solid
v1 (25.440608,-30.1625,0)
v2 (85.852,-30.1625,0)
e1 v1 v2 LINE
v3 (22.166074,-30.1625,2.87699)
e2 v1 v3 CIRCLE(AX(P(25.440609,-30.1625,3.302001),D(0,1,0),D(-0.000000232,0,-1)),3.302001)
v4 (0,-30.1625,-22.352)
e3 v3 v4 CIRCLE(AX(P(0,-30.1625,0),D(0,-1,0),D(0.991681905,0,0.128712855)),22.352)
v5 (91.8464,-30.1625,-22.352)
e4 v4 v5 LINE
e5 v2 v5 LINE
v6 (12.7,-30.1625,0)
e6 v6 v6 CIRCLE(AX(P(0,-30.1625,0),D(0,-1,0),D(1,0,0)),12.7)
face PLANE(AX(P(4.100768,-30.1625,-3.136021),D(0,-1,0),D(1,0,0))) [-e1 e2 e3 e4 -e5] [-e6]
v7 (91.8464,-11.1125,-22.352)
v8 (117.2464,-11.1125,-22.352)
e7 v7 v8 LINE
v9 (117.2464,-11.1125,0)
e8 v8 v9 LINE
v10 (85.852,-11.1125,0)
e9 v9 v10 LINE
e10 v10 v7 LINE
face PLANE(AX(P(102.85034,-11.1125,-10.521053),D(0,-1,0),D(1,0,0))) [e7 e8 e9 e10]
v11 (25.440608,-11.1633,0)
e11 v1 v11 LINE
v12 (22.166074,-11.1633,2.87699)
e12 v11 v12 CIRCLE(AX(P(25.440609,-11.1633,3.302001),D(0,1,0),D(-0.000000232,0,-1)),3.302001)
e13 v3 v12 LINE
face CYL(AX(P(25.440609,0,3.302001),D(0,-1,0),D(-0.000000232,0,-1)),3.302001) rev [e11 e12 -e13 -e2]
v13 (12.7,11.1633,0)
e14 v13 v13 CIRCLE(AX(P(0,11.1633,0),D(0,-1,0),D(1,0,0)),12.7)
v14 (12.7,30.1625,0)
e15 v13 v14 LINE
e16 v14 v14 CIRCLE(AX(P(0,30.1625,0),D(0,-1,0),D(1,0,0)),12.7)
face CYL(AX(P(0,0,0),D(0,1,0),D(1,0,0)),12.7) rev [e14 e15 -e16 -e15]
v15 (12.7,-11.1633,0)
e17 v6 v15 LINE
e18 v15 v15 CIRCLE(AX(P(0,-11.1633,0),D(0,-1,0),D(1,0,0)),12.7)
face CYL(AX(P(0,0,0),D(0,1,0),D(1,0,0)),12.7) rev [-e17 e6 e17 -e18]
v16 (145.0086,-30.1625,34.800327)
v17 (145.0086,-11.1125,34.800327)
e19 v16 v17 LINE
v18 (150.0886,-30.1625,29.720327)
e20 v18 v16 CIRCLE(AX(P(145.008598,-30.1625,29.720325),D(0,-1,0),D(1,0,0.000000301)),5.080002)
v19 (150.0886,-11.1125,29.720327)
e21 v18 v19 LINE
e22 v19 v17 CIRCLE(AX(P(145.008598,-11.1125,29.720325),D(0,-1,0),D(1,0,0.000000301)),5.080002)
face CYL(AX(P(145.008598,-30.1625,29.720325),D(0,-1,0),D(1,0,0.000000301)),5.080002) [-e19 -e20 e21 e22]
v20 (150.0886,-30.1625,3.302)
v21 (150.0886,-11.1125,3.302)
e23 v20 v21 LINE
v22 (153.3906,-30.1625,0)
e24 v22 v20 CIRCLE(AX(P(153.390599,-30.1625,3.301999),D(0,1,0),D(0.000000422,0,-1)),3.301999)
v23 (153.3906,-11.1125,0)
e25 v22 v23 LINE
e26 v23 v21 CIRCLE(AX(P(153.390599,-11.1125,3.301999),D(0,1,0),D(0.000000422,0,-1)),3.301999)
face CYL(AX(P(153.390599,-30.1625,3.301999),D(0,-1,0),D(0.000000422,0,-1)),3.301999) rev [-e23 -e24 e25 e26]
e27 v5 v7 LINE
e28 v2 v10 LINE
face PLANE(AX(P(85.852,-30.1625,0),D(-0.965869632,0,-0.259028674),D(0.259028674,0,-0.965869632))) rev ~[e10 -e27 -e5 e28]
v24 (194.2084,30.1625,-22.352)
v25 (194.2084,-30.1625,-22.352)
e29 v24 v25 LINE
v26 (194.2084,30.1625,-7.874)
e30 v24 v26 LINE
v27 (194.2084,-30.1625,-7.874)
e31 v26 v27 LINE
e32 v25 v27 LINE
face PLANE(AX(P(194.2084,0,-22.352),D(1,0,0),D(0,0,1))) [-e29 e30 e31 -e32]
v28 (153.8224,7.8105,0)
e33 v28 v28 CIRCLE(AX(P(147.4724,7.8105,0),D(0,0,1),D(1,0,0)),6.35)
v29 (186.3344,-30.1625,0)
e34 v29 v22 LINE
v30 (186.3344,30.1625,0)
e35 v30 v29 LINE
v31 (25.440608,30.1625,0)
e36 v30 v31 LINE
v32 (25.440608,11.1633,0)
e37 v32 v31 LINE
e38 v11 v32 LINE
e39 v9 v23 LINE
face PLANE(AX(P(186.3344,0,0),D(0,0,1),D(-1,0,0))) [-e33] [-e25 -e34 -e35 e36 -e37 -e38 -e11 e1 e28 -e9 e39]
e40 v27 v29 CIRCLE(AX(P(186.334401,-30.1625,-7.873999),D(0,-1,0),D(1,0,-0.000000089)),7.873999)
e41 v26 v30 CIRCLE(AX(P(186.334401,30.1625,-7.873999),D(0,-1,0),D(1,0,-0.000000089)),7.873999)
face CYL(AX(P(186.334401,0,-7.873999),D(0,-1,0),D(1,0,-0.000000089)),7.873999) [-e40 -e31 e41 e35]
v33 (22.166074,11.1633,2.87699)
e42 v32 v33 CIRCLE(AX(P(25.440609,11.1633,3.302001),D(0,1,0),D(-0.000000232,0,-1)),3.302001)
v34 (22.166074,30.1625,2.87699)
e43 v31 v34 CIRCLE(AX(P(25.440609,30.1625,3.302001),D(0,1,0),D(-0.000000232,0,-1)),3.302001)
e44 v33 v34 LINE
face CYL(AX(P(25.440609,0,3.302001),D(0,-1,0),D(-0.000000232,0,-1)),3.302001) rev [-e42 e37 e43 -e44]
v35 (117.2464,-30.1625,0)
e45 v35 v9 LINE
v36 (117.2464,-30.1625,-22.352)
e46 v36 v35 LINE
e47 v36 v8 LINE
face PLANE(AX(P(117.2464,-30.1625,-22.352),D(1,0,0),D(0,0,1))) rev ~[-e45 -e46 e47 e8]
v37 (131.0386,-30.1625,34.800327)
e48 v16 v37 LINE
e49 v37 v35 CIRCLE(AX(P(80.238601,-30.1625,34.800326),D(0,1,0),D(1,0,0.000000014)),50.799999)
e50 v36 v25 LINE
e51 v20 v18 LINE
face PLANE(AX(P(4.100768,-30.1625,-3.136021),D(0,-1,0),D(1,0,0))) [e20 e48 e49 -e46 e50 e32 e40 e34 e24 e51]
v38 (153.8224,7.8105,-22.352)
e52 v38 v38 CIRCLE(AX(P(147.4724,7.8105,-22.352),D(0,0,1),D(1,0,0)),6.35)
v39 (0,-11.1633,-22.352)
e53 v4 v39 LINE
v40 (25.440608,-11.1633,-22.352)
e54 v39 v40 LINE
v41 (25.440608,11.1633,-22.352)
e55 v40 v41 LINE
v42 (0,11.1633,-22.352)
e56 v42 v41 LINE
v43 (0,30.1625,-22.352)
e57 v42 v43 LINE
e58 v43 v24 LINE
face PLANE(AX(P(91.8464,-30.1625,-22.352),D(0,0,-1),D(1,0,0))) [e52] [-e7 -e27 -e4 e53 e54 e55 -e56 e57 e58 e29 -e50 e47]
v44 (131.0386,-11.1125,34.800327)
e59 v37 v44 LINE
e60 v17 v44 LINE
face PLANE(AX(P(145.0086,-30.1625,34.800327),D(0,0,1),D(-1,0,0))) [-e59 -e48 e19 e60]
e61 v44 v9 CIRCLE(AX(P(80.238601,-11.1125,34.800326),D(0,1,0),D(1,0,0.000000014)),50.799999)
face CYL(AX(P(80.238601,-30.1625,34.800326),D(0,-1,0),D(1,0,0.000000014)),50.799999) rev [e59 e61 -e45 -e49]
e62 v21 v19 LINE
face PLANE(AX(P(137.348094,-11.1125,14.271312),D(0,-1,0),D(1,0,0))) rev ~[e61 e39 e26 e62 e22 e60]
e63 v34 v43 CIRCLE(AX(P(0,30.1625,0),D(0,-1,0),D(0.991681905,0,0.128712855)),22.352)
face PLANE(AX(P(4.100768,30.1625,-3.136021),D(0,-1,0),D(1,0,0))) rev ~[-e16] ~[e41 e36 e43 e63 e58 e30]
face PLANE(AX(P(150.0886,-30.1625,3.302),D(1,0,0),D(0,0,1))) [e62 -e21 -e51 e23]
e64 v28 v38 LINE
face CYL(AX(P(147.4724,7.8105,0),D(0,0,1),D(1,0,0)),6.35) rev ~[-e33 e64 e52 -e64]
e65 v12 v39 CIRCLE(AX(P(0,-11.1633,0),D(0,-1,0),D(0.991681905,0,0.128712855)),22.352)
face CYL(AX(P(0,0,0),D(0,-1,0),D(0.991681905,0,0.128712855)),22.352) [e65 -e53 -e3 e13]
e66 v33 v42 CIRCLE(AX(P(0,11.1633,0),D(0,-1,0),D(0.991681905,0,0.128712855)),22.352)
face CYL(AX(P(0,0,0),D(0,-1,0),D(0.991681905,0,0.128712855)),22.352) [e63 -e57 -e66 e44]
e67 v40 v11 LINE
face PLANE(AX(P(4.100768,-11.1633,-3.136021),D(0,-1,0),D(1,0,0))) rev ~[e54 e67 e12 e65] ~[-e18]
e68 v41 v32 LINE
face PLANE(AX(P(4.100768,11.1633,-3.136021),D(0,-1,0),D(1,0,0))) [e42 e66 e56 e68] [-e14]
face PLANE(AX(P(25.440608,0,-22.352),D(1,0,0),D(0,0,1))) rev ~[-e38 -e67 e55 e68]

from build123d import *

# Parameters (mm, degrees)
F0_R     = 12.7
F1_DEPTH = 30.1625
F2_DEPTH = 11.1633
F4_DEPTH = 19.05
F5_DEPTH = 19.05
F6_R     = 6.35
F7_DEPTH = 22.353


with BuildPart() as f1:
    # F0 (on Front) → F1 (new body, symmetric)
    with BuildSketch(Plane.XZ):
        with BuildLine():
            ThreePointArc((25.440608, 0), (23.261179, 0.821417), (22.166074, 2.87699))
            ThreePointArc((22.166074, 2.87699), (-16.791641, 14.753058), (0, -22.352))
            Line((0, -22.352), (25.440608, -22.352))
            Line((25.440608, -22.352), (25.440608, 0))
        make_face()
        Circle(F0_R, mode=Mode.SUBTRACT)
        with BuildLine():
            Line((131.0386, 0), (117.2464, 0))
            Line((117.2464, 0), (117.2464, -22.352))
            Line((117.2464, -22.352), (194.2084, -22.352))
            Line((194.2084, -22.352), (194.2084, -7.874))
            ThreePointArc((194.2084, -7.874), (191.902159, -2.306241), (186.3344, 0))
            Line((186.3344, 0), (153.3906, 0))
            Line((153.3906, 0), (131.0386, 0))
        make_face()
        Polygon((117.2464, 0), (85.852, 0), (91.8464, -22.352), (117.2464, -22.352), align=None)
        Polygon((85.852, 0), (25.440608, 0), (25.440608, -22.352), (91.8464, -22.352), align=None)
    extrude(amount=F1_DEPTH, both=True)

    # F0 (on Front) → F2 (cut, symmetric)
    with BuildSketch(Plane.XZ):
        with BuildLine():
            ThreePointArc((25.440608, 0), (23.261179, 0.821417), (22.166074, 2.87699))
            ThreePointArc((22.166074, 2.87699), (-16.791641, 14.753058), (0, -22.352))
            Line((0, -22.352), (25.440608, -22.352))
            Line((25.440608, -22.352), (25.440608, 0))
        make_face()
        Circle(F0_R, mode=Mode.SUBTRACT)
    extrude(amount=F2_DEPTH, both=True, mode=Mode.SUBTRACT)

    # F3 (on face) → F4 (join)
    with BuildSketch(Plane.XZ.offset(30.1625)):
        Polygon((117.2464, -22.352), (117.2464, 0), (85.852, 0), (91.8464, -22.352), align=None)
        with BuildLine():
            Line((150.0886, 3.302), (150.0886, 29.720327))
            ThreePointArc((150.0886, 29.720327), (148.600702, 33.312429), (145.0086, 34.800327))
            Line((145.0086, 34.800327), (131.0386, 34.800327))
            ThreePointArc((131.0386, 34.800327), (127.464844, 16.083439), (117.2464, 0))
            Line((117.2464, 0), (131.0386, 0))
            Line((131.0386, 0), (153.3906, 0))
            ThreePointArc((153.3906, 0), (151.055733, 0.967133), (150.0886, 3.302))
        make_face()
    extrude(amount=-F4_DEPTH)

    # F3 (on face) → F5 (cut)
    with BuildSketch(Plane.XZ.offset(30.1625)):
        Polygon((117.2464, -22.352), (117.2464, 0), (85.852, 0), (91.8464, -22.352), align=None)
    extrude(amount=-F5_DEPTH, mode=Mode.SUBTRACT)

    # F6 (on face) → F7 (cut, through all)
    with BuildSketch(Plane.XY):
        with Locations((147.4724, 7.8105)):
            Circle(F6_R)
    extrude(amount=-F7_DEPTH, mode=Mode.SUBTRACT)


solid = f1.part
